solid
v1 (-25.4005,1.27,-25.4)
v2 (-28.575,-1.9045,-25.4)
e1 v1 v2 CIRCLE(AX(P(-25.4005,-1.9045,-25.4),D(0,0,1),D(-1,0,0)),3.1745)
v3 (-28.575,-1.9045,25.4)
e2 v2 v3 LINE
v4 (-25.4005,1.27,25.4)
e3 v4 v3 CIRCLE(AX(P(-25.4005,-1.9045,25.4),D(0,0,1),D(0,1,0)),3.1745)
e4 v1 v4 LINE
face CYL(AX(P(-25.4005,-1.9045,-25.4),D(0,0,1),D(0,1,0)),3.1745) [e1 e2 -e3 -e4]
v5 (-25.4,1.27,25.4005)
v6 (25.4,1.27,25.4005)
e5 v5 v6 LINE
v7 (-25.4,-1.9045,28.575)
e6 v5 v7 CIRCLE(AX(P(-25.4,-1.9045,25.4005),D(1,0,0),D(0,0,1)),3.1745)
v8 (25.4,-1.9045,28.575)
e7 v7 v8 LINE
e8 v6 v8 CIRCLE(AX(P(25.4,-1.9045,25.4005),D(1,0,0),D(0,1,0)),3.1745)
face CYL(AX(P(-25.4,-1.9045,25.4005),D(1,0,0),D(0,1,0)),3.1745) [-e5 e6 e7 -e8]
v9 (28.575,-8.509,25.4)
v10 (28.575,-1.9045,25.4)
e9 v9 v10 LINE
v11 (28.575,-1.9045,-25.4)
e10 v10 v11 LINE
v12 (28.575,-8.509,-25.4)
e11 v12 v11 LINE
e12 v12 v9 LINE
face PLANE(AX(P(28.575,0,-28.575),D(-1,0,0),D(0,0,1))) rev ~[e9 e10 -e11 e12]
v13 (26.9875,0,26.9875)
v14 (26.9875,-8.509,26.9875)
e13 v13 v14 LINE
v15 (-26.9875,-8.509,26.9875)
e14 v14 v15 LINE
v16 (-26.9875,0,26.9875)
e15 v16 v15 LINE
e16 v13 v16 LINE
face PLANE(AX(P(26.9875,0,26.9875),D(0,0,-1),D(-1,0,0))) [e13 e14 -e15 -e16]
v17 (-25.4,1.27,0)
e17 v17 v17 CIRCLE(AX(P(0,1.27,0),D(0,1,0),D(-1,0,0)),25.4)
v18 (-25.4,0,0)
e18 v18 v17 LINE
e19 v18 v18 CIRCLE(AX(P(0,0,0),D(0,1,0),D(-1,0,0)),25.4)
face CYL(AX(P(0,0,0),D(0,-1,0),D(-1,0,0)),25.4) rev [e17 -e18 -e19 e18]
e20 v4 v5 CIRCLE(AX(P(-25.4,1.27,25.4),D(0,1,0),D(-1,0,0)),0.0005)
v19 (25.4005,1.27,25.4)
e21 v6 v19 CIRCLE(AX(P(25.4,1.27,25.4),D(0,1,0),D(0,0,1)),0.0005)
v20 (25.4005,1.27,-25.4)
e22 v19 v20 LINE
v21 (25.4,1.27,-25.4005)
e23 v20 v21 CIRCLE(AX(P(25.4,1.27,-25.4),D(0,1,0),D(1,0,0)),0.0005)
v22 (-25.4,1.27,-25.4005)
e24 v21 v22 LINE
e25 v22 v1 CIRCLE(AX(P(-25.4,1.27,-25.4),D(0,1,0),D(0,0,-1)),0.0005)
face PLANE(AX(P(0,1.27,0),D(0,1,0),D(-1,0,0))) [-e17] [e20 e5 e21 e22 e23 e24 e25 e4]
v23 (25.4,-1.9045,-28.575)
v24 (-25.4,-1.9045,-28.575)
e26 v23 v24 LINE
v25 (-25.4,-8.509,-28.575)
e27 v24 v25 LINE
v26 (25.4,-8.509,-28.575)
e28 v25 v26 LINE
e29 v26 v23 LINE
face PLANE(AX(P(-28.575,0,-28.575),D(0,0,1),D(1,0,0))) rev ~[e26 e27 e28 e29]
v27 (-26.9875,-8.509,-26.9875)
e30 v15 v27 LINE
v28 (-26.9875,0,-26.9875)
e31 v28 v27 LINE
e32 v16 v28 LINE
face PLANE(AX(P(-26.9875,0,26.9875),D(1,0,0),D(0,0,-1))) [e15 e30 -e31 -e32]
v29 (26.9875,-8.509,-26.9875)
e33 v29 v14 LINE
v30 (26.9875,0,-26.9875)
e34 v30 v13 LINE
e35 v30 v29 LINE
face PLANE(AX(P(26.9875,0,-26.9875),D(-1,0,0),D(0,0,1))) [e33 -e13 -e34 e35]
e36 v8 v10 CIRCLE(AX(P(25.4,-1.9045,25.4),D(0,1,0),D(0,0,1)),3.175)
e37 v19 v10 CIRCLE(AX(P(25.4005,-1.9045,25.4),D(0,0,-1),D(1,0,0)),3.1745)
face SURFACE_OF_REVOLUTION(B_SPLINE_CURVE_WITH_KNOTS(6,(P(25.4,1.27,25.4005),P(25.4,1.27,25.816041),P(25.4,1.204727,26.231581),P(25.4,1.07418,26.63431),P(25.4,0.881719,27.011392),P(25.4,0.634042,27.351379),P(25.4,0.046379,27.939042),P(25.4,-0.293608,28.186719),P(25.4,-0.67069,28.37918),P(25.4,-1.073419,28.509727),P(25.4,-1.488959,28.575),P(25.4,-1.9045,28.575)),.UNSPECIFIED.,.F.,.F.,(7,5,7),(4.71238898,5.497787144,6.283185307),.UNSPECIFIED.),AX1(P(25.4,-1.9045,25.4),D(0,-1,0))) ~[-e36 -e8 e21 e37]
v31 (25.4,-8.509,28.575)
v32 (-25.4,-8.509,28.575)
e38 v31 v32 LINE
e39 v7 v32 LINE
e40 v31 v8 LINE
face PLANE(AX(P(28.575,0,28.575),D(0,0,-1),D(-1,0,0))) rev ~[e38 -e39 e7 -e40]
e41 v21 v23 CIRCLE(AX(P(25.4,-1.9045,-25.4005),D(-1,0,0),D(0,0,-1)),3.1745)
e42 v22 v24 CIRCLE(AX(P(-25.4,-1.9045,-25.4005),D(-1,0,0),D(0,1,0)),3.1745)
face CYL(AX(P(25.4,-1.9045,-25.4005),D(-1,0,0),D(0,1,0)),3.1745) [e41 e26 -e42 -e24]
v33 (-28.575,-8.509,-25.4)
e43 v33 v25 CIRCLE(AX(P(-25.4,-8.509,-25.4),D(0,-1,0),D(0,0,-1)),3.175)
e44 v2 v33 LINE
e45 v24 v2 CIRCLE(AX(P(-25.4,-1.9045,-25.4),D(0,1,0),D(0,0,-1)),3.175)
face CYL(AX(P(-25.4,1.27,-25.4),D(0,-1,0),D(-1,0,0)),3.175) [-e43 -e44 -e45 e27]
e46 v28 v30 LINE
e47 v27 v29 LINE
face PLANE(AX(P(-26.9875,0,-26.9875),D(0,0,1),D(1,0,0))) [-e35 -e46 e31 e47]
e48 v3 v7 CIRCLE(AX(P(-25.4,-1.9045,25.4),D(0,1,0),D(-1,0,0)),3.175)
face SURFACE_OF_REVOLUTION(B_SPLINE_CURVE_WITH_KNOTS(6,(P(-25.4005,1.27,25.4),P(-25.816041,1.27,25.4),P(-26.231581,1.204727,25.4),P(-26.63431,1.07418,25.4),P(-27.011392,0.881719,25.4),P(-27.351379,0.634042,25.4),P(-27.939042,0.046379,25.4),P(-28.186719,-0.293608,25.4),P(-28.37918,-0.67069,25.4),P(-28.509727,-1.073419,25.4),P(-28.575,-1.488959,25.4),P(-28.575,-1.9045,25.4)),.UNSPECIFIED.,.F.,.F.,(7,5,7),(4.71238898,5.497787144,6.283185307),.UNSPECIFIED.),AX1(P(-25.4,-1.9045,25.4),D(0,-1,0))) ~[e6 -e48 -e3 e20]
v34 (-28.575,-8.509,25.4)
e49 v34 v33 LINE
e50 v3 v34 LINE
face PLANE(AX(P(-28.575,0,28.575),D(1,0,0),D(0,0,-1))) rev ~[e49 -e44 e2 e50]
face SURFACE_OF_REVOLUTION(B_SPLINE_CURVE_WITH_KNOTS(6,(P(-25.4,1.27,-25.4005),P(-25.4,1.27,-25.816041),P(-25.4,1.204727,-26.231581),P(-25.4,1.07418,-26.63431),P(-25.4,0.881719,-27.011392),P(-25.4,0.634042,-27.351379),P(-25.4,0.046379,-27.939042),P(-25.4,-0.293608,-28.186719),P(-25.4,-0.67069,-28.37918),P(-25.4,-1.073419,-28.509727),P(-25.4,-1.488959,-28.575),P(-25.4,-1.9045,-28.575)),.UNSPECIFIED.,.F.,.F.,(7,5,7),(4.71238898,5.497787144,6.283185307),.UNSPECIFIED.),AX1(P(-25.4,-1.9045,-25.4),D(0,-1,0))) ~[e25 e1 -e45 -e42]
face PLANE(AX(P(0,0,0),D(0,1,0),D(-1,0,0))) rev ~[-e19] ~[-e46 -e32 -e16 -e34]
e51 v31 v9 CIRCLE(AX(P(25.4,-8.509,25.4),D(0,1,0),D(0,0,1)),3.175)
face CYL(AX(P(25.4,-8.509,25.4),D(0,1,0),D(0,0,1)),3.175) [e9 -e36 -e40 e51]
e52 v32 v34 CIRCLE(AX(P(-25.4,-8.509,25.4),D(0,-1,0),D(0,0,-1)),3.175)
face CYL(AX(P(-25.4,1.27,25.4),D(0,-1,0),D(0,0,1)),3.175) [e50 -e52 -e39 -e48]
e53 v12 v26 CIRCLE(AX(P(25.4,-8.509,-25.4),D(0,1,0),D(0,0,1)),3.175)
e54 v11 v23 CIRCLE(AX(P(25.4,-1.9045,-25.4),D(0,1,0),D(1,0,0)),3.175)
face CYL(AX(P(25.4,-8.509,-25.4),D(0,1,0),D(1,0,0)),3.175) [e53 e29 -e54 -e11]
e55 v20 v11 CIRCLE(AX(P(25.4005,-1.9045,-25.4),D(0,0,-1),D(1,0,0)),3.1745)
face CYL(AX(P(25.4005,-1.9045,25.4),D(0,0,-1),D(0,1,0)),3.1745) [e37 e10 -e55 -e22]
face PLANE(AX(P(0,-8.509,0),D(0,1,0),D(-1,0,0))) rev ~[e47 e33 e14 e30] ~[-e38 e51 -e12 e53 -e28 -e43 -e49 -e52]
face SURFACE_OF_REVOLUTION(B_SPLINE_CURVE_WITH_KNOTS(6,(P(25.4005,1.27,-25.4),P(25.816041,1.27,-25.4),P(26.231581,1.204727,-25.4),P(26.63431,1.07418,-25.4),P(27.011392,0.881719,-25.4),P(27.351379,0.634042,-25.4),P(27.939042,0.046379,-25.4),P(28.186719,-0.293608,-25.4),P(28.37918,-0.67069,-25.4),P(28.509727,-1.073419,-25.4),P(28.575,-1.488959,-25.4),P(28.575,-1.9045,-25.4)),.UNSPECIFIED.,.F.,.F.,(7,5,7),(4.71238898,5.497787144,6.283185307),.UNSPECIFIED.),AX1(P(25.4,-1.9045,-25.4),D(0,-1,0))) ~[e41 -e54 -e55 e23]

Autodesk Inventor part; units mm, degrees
ref_plane "YZ Plane" through (0, 0, 0) normal (1, 0, 0) x (0, 1, 0)
ref_plane "XZ Plane" through (0, 0, 0) normal (0, 1, 0) x (-1, 0, 0)
ref_plane "XY Plane" through (0, 0, 0) normal (0, 0, 1) x (1, 0, 0)
sketch "Sketch1" plane through (0, 0, 0) normal (0, 1, 0) x (-1, 0, 0)
  circle A0 centre (0, 0) radius 25.4
  line L0 (-28.575, 28.575) -> (28.575, 28.575)
  line L1 (28.575, 28.575) -> (28.575, -28.575)
  line L2 (28.575, -28.575) -> (-28.575, -28.575)
  line L3 (-28.575, -28.575) -> (-28.575, 28.575)
  line L4 (-28.575, 28.575) -> (28.575, -28.575) construction
  line L5 (28.575, 28.575) -> (-28.575, -28.575) construction
  line L6 (-26.9875, 26.9875) -> (26.9875, 26.9875)
  line L7 (26.9875, 26.9875) -> (26.9875, -26.9875)
  line L8 (26.9875, -26.9875) -> (-26.9875, -26.9875)
  line L9 (-26.9875, -26.9875) -> (-26.9875, 26.9875)
  line L10 (-26.9875, 26.9875) -> (26.9875, -26.9875) construction
  line L11 (26.9875, 26.9875) -> (-26.9875, -26.9875) construction
  dimension "d0" = 50.8
  dimension "d2" = 28.575
  dimension "d7" = 26.9875
extrude "Extrusion1" add sketch "Sketch1" against normal blind 8.509 contours L0 L1 L2 L3
extrude "Extrusion2" add sketch "Sketch1" along normal blind 1.27 contours L0 L1 L2 L3 | L6 L7 L8 L9
fillet "Fillet1" radius 3.175 4 edges at (-28.575, -3.6195, -28.575) (28.575, -3.6195, -28.575) (28.575, -3.6195, 28.575) (-28.575, -3.6195, 28.575)
fillet "Fillet2" radius 3.175 8 edges at (27.6451, 1.27, -27.6451) (0, 1.27, -28.575) (-27.6451, 1.27, -27.6451) (-28.575, 1.27, 0) (-27.6451, 1.27, 27.6451) (0, 1.27, 28.575) (27.6451, 1.27, 27.6451) (28.575, 1.27, 0)
properties part number "TrackDisplayTop"
